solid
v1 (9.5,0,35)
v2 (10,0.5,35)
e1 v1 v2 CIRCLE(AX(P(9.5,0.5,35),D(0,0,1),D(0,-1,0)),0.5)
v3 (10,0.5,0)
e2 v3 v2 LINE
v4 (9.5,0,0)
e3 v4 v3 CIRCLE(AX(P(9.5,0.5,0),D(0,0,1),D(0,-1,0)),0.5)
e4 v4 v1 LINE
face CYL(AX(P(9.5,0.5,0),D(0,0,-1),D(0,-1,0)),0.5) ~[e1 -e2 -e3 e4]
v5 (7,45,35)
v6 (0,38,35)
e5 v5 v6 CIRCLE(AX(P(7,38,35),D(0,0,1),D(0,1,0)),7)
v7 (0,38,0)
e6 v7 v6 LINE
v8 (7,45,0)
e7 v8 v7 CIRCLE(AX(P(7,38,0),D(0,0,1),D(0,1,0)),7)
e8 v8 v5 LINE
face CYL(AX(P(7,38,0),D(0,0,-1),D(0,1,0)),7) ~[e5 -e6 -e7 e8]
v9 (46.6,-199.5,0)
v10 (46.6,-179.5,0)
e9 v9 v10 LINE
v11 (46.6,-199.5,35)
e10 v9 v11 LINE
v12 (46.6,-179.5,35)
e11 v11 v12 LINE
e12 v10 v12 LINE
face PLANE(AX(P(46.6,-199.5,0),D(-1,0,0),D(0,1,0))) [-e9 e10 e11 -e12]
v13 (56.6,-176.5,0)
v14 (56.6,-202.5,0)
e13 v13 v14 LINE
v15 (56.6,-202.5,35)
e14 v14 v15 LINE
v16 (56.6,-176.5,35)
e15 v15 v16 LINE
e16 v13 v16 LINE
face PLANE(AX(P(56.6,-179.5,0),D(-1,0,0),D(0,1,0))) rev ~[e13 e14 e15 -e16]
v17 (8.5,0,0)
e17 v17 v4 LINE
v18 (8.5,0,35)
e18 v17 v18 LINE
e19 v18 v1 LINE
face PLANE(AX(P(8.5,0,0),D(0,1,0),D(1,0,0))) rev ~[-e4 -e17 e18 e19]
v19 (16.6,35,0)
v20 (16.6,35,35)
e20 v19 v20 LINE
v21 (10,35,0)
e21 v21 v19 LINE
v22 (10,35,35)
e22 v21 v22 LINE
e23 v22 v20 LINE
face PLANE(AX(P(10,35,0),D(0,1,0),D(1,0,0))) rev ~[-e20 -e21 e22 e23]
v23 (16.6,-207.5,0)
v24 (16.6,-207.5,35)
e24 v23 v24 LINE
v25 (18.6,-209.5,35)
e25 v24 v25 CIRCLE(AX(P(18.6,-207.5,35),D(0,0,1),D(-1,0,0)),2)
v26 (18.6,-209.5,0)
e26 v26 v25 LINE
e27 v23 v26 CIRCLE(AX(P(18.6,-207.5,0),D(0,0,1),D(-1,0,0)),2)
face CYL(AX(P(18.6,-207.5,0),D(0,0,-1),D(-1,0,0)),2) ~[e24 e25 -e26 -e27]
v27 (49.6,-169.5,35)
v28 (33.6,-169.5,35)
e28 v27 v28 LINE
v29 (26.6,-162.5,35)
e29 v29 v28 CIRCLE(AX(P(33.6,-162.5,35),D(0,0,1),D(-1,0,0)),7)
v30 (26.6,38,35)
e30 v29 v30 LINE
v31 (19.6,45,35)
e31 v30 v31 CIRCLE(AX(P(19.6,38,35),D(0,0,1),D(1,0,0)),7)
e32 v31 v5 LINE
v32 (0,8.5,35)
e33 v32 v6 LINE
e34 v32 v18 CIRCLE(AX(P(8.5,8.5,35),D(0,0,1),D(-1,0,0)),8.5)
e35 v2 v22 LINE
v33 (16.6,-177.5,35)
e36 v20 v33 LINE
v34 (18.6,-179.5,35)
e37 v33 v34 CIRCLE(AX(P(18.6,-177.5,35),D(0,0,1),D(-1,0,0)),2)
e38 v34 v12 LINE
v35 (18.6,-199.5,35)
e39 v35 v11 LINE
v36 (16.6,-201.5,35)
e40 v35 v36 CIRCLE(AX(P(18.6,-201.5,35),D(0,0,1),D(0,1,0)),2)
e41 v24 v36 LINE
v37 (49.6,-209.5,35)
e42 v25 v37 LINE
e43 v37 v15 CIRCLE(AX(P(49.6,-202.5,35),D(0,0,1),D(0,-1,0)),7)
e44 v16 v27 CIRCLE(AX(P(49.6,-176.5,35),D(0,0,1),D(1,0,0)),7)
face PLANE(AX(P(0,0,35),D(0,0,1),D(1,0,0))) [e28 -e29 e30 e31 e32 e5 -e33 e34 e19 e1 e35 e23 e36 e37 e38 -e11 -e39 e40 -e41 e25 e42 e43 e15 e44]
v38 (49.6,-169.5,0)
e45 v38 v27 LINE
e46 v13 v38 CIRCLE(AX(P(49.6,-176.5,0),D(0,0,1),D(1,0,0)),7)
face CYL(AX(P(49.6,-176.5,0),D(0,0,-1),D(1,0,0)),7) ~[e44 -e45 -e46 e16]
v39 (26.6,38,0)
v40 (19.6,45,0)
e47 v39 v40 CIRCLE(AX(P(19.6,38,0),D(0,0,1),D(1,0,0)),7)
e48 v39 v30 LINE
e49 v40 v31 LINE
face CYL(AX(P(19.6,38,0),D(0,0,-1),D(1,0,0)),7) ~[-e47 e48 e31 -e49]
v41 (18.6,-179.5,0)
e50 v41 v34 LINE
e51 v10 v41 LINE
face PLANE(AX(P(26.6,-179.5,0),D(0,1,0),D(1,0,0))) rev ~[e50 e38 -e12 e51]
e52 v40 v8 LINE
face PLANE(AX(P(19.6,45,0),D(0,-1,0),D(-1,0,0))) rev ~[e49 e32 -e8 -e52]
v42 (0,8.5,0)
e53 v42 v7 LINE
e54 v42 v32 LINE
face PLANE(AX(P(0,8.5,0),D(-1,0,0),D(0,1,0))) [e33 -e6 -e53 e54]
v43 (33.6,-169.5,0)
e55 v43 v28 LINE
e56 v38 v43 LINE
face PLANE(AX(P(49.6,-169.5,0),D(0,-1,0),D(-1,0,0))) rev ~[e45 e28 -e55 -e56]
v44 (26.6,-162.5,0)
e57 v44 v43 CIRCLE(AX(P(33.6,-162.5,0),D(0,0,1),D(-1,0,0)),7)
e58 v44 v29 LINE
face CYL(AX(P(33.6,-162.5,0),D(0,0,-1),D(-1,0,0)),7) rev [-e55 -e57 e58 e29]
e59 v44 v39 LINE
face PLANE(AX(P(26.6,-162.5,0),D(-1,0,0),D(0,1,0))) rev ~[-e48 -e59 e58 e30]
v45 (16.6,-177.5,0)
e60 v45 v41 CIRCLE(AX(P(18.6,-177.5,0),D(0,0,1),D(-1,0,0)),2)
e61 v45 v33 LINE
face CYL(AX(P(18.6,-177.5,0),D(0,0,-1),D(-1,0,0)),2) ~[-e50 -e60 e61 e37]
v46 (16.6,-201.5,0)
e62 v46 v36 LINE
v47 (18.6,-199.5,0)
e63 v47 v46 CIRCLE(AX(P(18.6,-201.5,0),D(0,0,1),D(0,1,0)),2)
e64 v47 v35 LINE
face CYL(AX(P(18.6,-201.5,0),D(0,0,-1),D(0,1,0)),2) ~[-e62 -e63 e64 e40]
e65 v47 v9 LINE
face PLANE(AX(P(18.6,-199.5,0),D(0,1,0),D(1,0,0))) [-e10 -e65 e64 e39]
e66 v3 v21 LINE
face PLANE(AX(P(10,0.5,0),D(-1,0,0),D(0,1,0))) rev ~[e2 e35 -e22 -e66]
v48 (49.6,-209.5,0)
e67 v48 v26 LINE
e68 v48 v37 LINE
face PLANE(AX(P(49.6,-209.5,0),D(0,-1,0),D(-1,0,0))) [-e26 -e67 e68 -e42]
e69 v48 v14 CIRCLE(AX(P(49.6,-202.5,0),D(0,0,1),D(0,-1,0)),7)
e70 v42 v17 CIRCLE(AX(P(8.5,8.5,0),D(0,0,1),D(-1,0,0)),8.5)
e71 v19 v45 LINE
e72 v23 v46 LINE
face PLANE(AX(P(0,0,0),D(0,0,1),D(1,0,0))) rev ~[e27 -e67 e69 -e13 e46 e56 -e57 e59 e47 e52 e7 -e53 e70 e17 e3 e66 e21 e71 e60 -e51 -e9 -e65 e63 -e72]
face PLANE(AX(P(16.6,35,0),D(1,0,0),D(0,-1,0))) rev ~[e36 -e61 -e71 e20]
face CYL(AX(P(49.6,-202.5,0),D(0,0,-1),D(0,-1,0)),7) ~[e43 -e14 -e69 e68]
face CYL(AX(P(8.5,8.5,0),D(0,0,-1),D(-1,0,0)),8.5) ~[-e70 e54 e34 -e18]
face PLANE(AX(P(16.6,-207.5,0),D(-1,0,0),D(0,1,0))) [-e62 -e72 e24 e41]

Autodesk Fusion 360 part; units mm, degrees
sketch "Sketch1" plane through (0, 0, 0) normal (0, 0, 1) x (1, 0, 0)
  line L0 (0, 8.5) -> (0, 38)
  line L1 (8.5, 0) -> (9.5, 0)
  line L2 (10, 0.5) -> (10, 35)
  line L3 (10, 35) -> (16.6, 35)
  line L4 (16.6, 35) -> (16.6, -177.5)
  line L5 (18.6, -179.5) -> (26.6, -179.5)
  line L6 (26.6, -162.5) -> (26.6, 38)
  line L7 (19.6, 45) -> (7, 45)
  line L8 (26.6, -179.5) -> (56.6, -179.5)
  line L9 (56.6, -179.5) -> (56.6, -176.5)
  line L10 (49.6, -169.5) -> (33.6, -169.5)
  line L11 (56.6, -179.5) -> (56.6, -202.5)
  line L12 (49.6, -209.5) -> (46.6, -209.5)
  line L13 (46.6, -209.5) -> (46.6, -179.5)
  line L14 (46.6, -209.5) -> (18.6, -209.5)
  line L15 (16.6, -207.5) -> (16.6, -201.5)
  line L16 (18.6, -199.5) -> (46.6, -199.5)
  arc A0 (0, 8.5) -> (8.5, 0) centre (8.5, 8.5) ccw
  arc A1 (9.5, 0) -> (10, 0.5) centre (9.5, 0.5) ccw
  arc A2 (7, 45) -> (0, 38) centre (7, 38) ccw
  arc A3 (26.6, 38) -> (19.6, 45) centre (19.6, 38) ccw
  arc A4 (16.6, -177.5) -> (18.6, -179.5) centre (18.6, -177.5) ccw
  arc A5 (18.6, -199.5) -> (16.6, -201.5) centre (18.6, -201.5) ccw
  arc A6 (16.6, -207.5) -> (18.6, -209.5) centre (18.6, -207.5) ccw
  arc A7 (56.6, -176.5) -> (49.6, -169.5) centre (49.6, -176.5) ccw
  arc A8 (49.6, -209.5) -> (56.6, -202.5) centre (49.6, -202.5) ccw
  arc A9 (26.6, -162.5) -> (33.6, -169.5) centre (33.6, -162.5) ccw
  point P0 (0, 45)
  point P1 (10, 0)
  point P2 (16.6, -179.5)
  point P3 (56.6, -169.5)
  point P4 (56.6, -209.5)
  point P5 (16.6, -209.5)
  point P6 (16.6, -199.5)
  dimension "d1" = 45
  dimension "d2" = 10
  dimension "d3" = 35
  dimension "d4" = 6.6
  dimension "d5" = 10
  dimension "d6" = 214.5
  dimension "d7" = 30
  dimension "d8" = 10
  dimension "d9" = 30
  dimension "d10" = 10
  dimension "d11" = 30
  dimension "d12" = 10
  dimension "d13" = 8.5
  dimension "d14" = 0.5
  dimension "d15" = 7
  dimension "d16" = 7
  dimension "d17" = 2
  dimension "d18" = 2
  dimension "d19" = 2
  dimension "d20" = 7
  dimension "d21" = 7
  dimension "d22" = 7
extrude "Extrude1" add sketch "Sketch1" along normal blind 35
